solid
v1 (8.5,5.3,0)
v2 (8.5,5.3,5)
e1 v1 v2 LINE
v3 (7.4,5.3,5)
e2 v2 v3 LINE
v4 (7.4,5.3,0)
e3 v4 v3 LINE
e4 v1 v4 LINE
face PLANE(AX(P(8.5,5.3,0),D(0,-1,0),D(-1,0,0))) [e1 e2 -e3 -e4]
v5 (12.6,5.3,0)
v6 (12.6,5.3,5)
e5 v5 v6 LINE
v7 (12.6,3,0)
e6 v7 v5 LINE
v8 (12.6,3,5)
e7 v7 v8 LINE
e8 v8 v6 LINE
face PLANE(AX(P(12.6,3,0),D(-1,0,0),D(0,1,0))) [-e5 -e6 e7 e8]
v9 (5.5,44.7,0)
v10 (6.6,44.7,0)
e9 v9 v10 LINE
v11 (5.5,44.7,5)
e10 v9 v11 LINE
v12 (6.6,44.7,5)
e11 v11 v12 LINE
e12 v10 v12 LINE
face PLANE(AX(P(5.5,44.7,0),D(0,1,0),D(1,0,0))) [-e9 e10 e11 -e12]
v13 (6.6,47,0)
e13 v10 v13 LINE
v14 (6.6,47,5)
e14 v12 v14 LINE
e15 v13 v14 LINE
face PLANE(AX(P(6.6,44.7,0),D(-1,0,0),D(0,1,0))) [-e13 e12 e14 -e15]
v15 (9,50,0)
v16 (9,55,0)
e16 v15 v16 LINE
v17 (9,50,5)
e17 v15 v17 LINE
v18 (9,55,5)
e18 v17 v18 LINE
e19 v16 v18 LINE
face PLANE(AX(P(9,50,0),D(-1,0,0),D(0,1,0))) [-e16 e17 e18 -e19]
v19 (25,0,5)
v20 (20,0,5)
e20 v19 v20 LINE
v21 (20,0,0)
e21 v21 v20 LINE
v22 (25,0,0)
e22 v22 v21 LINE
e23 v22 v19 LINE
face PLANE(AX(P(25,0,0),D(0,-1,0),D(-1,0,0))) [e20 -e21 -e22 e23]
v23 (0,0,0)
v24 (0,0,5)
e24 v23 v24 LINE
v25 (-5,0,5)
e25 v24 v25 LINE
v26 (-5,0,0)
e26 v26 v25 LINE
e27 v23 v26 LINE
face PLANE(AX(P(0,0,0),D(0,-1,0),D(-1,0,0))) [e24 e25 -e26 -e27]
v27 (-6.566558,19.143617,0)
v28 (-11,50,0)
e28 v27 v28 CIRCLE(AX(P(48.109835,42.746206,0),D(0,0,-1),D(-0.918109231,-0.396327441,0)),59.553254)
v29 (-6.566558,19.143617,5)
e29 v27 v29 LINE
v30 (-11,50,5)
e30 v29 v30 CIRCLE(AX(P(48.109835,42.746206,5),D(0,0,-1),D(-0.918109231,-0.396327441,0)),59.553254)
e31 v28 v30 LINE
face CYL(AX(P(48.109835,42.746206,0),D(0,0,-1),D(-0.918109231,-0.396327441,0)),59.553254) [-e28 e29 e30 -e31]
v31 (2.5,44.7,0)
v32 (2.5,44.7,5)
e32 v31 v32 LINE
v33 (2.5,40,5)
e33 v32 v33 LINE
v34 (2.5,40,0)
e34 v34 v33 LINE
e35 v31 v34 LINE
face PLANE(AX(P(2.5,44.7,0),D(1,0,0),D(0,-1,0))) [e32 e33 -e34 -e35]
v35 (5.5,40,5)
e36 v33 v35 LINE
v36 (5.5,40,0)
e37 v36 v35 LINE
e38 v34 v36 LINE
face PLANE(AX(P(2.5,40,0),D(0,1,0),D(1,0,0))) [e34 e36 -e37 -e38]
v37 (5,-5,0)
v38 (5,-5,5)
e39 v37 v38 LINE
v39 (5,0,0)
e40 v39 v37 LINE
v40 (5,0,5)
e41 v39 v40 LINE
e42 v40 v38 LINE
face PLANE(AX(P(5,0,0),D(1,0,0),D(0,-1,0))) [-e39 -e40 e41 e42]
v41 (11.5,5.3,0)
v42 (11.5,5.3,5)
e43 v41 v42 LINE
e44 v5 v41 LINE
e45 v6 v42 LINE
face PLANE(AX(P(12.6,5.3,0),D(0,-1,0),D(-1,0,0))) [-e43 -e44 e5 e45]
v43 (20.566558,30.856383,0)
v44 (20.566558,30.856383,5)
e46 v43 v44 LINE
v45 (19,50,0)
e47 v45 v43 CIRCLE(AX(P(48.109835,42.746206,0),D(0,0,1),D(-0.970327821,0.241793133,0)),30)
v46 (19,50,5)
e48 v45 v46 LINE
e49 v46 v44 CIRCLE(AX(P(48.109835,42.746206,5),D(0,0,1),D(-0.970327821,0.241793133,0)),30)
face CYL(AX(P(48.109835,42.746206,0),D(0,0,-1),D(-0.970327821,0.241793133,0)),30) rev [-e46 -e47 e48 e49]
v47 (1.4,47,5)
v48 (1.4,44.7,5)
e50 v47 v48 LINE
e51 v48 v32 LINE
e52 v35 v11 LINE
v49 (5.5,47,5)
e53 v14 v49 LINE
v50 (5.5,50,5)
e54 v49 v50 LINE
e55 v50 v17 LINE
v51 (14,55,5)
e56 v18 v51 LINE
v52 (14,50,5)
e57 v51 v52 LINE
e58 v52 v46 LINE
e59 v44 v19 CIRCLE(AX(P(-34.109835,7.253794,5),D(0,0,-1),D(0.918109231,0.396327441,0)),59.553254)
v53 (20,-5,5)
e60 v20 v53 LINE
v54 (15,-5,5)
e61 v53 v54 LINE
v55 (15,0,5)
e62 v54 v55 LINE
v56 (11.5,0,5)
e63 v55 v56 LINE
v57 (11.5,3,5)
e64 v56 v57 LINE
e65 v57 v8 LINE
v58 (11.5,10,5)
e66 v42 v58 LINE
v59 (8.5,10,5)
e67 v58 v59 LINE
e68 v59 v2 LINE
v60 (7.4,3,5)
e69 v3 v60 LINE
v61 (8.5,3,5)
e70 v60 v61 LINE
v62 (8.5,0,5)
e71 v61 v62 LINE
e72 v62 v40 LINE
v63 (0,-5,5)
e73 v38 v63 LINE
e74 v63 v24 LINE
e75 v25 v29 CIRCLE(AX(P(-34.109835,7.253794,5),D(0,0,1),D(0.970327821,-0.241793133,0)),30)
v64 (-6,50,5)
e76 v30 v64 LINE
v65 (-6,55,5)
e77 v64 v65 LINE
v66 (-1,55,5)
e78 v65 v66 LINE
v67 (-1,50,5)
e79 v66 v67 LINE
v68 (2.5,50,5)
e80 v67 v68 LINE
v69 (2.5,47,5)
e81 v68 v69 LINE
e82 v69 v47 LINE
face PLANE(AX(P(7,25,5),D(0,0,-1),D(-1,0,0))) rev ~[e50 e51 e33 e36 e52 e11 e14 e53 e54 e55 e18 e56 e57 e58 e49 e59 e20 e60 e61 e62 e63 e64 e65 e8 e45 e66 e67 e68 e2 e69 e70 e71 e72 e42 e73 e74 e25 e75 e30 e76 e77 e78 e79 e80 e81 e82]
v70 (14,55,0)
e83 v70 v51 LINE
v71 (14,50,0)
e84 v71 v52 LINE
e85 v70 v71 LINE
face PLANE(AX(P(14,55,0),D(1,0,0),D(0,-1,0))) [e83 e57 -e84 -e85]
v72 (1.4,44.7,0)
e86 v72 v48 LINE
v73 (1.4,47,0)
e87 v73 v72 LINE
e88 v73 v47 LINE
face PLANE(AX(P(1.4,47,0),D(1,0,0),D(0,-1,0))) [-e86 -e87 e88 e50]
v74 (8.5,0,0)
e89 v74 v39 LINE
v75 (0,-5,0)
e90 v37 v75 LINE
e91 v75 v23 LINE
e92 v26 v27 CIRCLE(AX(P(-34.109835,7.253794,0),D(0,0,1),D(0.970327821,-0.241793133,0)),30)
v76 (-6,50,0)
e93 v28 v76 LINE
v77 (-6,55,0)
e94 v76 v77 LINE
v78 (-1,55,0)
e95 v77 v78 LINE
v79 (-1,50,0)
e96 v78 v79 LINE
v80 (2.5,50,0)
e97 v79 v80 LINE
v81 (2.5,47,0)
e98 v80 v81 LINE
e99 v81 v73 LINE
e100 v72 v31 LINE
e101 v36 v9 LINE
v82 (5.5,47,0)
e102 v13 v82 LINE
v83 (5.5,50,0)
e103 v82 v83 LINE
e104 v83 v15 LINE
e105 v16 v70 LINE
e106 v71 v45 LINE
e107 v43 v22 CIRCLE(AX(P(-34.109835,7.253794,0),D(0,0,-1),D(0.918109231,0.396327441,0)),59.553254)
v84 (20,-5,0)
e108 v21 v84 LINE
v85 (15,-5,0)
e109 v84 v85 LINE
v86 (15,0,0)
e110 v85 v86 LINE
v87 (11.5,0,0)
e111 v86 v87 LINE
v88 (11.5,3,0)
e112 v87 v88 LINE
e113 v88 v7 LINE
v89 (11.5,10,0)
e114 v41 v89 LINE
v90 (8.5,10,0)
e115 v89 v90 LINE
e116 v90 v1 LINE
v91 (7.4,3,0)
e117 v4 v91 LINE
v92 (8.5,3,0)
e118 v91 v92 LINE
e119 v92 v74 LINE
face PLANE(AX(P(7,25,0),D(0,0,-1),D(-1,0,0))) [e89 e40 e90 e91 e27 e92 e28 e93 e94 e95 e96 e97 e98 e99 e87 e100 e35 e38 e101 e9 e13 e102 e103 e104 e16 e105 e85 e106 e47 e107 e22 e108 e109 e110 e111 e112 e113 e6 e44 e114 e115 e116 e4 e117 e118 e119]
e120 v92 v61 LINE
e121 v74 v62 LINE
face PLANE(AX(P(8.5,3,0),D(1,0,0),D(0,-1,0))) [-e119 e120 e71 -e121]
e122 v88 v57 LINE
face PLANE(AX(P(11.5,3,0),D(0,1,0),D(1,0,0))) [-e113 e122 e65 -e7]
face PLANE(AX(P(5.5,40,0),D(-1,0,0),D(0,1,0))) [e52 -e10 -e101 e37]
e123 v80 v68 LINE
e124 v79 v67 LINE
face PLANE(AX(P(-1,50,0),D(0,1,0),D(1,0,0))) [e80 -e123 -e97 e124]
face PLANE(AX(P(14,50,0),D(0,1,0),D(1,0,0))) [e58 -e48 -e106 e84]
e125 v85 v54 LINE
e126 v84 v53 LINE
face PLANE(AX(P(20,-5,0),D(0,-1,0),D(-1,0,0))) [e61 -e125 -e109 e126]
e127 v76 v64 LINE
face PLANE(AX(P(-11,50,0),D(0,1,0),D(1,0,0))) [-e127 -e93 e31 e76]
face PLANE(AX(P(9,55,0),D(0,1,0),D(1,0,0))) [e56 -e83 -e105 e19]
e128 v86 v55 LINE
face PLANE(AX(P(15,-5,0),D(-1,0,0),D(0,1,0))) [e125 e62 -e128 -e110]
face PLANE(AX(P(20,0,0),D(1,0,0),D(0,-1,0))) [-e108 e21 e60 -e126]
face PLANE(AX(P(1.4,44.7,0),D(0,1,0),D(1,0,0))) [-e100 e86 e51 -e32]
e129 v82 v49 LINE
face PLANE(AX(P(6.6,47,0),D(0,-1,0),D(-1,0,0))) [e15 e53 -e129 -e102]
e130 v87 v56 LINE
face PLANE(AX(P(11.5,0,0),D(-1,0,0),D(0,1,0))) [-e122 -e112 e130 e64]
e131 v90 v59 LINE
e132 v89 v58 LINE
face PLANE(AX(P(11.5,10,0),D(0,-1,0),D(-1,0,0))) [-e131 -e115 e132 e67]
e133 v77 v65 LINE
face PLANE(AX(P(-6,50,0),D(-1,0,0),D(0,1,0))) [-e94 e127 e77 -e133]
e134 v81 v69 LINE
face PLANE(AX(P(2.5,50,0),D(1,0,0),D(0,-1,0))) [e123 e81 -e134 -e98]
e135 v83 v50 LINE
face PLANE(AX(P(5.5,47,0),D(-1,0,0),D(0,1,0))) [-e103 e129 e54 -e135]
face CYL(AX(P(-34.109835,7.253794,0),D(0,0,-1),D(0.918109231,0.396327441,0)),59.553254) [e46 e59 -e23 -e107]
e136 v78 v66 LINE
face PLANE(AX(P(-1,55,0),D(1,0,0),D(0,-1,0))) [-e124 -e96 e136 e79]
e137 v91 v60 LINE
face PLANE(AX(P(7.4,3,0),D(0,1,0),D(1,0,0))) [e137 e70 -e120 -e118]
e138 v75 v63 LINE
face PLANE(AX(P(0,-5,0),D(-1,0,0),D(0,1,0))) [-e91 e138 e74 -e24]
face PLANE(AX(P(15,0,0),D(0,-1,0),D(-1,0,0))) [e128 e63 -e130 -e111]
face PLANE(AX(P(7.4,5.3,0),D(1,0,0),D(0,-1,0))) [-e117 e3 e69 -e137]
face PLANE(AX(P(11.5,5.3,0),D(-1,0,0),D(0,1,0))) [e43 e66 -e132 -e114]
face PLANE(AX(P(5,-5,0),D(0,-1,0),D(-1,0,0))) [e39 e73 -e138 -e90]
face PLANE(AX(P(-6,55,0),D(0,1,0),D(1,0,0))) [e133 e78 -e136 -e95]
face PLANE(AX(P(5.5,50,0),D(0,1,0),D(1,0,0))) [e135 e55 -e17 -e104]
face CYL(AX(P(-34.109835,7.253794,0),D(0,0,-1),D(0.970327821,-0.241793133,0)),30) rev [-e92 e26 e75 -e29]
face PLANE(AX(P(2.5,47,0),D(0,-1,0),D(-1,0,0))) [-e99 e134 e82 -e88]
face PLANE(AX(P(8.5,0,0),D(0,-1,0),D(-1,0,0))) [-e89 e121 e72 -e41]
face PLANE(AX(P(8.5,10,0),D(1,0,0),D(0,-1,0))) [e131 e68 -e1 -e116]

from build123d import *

# Parameters (mm, degrees)
BOSS_EXTRUDE1_DEPTH = 5


with BuildPart() as part:
    # Sketch1 → Boss-Extrude1 (new body)
    with BuildSketch(Plane.XY):
        with BuildLine():
            Line((14, 50), (19, 50))
            ThreePointArc((19, 50), (18.209779748, 40.299429042), (20.566557713, 30.856382787))
            ThreePointArc((20.566557713, 30.856382787), (24.838069928, 15.723423589), (25, 0))
            Line((25, 0), (20, 0))
            Line((20, 0), (20, -5))
            Line((20, -5), (15, -5))
            Line((15, -5), (15, 0))
            Line((15, 0), (11.5, 0))
            Line((11.5, 0), (11.5, 3))
            Line((11.5, 3), (12.6, 3))
            Line((12.6, 3), (12.6, 5.3))
            Line((12.6, 5.3), (11.5, 5.3))
            Line((11.5, 5.3), (11.5, 10))
            Line((11.5, 10), (8.5, 10))
            Line((8.5, 10), (8.5, 5.3))
            Line((8.5, 5.3), (7.4, 5.3))
            Line((7.4, 5.3), (7.4, 3))
            Line((7.4, 3), (8.5, 3))
            Line((8.5, 3), (8.5, 0))
            Line((8.5, 0), (5, 0))
            Line((5, 0), (5, -5))
            Line((5, -5), (0, -5))
            Line((0, -5), (0, 0))
            Line((0, 0), (-5, 0))
            ThreePointArc((-5, 0), (-4.209779748, 9.700570958), (-6.566557713, 19.143617213))
            ThreePointArc((-6.566557713, 19.143617213), (-10.838069928, 34.276576411), (-11, 50))
            Line((-11, 50), (-6, 50))
            Line((-6, 50), (-6, 55))
            Line((-6, 55), (-1, 55))
            Line((-1, 55), (-1, 50))
            Line((-1, 50), (2.5, 50))
            Line((2.5, 50), (2.5, 47))
            Line((2.5, 47), (1.4, 47))
            Line((1.4, 47), (1.4, 44.7))
            Line((1.4, 44.7), (2.5, 44.7))
            Line((2.5, 44.7), (2.5, 40))
            Line((2.5, 40), (5.5, 40))
            Line((5.5, 40), (5.5, 44.7))
            Line((5.5, 44.7), (6.6, 44.7))
            Line((6.6, 44.7), (6.6, 47))
            Line((6.6, 47), (5.5, 47))
            Line((5.5, 47), (5.5, 50))
            Line((5.5, 50), (9, 50))
            Line((9, 50), (9, 55))
            Line((9, 55), (14, 55))
            Line((14, 55), (14, 50))
        make_face()
    extrude(amount=BOSS_EXTRUDE1_DEPTH)


solid = part.part
